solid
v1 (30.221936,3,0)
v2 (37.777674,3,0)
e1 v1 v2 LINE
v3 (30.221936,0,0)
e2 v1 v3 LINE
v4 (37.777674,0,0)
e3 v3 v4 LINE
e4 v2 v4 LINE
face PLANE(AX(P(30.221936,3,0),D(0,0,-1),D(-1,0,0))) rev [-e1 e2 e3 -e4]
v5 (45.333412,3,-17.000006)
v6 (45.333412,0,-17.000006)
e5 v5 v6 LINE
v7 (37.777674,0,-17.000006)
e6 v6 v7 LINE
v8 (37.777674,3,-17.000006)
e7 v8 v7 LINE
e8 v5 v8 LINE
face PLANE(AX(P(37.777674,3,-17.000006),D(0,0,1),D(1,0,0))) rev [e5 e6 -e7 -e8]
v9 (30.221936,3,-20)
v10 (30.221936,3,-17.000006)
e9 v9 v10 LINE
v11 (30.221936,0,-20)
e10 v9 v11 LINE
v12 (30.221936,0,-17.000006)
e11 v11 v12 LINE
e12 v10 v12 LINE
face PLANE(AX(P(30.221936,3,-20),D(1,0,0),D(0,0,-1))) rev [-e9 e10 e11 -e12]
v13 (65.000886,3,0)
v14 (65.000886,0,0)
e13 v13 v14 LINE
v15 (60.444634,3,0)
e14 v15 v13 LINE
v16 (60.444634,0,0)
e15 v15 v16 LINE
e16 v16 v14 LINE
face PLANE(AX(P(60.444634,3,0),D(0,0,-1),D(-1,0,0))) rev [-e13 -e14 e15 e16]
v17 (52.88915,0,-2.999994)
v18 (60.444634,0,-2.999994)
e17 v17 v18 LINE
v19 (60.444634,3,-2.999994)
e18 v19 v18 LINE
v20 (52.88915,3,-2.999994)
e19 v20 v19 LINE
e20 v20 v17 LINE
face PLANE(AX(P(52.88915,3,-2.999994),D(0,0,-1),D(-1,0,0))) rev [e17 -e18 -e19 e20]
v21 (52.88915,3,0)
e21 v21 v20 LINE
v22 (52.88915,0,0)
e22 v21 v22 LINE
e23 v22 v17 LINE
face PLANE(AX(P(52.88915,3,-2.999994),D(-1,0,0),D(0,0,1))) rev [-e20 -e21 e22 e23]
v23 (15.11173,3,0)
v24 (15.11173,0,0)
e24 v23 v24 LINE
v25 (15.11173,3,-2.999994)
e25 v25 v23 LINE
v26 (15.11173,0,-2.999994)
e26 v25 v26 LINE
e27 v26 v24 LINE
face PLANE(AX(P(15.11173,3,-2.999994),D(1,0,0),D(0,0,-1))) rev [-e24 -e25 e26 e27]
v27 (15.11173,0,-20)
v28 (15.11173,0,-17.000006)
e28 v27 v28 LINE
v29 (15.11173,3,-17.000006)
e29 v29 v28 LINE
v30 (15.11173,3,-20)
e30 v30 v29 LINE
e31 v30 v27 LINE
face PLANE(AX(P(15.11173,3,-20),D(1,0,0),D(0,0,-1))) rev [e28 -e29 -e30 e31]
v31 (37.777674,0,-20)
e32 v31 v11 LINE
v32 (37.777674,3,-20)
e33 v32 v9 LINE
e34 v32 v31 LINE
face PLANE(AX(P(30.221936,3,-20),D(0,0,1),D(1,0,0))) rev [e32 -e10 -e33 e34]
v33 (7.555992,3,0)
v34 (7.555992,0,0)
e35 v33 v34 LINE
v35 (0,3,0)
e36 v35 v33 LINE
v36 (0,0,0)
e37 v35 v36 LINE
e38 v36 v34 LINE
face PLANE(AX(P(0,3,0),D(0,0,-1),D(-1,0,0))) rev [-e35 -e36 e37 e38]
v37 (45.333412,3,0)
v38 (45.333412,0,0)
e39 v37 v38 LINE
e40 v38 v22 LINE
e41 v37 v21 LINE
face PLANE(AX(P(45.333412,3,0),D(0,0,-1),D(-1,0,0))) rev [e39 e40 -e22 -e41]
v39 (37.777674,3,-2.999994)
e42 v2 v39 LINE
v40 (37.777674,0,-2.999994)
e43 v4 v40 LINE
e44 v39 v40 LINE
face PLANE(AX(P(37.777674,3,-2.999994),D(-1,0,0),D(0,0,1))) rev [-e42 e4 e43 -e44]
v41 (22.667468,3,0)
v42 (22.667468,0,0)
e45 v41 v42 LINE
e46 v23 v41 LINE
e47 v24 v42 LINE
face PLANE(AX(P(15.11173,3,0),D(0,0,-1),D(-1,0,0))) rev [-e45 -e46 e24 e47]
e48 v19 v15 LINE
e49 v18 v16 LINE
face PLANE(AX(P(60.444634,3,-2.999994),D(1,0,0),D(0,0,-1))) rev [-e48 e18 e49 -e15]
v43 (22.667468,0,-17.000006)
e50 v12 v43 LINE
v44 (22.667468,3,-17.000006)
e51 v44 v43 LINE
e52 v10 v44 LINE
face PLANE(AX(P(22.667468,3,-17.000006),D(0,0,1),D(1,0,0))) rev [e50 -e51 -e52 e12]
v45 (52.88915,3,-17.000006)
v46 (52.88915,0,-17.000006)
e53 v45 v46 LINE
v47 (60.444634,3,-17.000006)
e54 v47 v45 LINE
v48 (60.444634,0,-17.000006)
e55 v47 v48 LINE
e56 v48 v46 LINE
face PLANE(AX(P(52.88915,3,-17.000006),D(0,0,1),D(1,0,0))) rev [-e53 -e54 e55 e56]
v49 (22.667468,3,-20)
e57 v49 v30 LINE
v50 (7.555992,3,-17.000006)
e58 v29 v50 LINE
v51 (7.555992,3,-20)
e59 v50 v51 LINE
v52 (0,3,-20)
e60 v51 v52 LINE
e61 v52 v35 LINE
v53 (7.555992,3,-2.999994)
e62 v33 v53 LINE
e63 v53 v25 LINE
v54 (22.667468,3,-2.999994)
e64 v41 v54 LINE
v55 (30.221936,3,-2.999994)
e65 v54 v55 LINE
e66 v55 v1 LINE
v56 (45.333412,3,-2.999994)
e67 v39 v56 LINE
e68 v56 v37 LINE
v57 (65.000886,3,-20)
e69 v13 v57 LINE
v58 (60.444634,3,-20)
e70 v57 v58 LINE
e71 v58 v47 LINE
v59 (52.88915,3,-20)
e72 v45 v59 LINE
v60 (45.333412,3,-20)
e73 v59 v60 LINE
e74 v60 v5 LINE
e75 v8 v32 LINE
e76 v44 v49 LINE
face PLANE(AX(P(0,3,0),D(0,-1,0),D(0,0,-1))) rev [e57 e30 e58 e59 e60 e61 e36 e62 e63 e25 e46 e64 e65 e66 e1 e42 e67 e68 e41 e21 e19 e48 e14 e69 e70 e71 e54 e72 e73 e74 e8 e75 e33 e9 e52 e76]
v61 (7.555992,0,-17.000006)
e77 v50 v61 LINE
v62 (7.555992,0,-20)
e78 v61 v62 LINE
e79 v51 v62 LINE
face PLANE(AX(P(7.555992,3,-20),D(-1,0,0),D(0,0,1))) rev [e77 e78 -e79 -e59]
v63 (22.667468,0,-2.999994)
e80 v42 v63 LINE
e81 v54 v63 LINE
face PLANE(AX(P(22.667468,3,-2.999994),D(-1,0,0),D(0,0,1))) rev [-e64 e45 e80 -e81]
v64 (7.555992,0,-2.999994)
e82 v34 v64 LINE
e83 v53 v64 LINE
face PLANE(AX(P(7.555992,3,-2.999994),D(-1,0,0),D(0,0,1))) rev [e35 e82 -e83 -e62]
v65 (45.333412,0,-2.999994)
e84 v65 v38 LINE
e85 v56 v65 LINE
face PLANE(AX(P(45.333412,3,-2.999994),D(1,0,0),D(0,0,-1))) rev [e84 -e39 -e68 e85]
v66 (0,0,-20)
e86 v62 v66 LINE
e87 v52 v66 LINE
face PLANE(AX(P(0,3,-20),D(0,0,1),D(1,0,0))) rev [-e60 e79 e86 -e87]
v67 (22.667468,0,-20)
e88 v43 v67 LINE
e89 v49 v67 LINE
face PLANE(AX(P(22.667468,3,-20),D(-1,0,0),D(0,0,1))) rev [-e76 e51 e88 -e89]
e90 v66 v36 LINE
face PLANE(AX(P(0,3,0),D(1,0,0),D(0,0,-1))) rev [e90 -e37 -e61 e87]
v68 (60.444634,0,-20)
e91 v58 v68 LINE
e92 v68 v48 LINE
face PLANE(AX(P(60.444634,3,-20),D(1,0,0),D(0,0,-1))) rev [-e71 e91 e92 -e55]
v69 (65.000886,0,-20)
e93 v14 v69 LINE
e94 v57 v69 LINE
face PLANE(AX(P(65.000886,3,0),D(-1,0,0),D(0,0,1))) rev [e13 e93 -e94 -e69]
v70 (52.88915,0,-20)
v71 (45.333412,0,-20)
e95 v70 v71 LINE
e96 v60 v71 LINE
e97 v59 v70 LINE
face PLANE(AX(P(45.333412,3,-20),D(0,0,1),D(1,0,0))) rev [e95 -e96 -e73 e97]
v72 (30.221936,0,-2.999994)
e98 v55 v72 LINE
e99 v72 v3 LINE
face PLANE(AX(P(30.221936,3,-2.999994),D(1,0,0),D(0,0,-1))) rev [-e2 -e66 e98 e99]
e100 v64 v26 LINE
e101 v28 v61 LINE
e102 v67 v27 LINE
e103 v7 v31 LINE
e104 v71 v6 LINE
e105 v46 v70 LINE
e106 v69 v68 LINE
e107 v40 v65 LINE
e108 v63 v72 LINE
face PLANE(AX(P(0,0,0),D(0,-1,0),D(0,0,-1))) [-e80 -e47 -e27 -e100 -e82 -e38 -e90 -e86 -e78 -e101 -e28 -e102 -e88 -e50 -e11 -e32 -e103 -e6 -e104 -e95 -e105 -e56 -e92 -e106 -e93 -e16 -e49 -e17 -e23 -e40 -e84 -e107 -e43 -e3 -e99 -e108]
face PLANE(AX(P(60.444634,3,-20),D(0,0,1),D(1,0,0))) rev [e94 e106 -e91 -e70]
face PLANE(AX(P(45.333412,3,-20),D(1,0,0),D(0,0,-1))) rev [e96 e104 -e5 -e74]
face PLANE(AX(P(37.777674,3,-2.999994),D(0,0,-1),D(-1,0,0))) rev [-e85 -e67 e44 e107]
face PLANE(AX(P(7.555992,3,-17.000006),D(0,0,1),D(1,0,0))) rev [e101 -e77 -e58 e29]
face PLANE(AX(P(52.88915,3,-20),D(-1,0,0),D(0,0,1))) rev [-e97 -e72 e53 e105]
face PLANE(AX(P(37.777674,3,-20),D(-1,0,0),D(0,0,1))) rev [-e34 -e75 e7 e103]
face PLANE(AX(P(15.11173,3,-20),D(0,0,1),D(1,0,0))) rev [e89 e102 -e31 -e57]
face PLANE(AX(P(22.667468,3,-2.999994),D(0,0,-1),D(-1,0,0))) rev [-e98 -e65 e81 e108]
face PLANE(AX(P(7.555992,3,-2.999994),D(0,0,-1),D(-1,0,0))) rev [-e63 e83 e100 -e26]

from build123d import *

# Parameters (mm, degrees)
AUFSATZ_LINEAR_AUSTRAGEN1_DEPTH = 3


with BuildPart() as part:
    # Skizze1 → Aufsatz-Linear austragen1 (new body)
    with BuildSketch(Plane(origin=(0, 0, 0), x_dir=(1, 0, 0), z_dir=(0, 1, 0))):
        Polygon((0, 0), (7.555992, 0), (7.555992, 2.999994), (15.11173, 2.999994), (15.11173, 0), (22.667468, 0), (22.667468, 2.999994), (30.221936, 2.999994), (30.221936, 0), (37.777674, 0), (37.777674, 2.999994), (45.333412, 2.999994), (45.333412, 0), (52.88915, 0), (52.88915, 2.999994), (60.444634, 2.999994), (60.444634, 0), (65.000886, 0), (65.000886, 20), (60.444634, 20), (60.444634, 17.000006), (52.88915, 17.000006), (52.88915, 20), (45.333412, 20), (45.333412, 17.000006), (37.777674, 17.000006), (37.777674, 20), (30.221936, 20), (30.221936, 17.000006), (22.667468, 17.000006), (22.667468, 20), (15.11173, 20), (15.11173, 17.000006), (7.555992, 17.000006), (7.555992, 20), (0, 20), align=None)
    extrude(amount=AUFSATZ_LINEAR_AUSTRAGEN1_DEPTH)


solid = part.part
